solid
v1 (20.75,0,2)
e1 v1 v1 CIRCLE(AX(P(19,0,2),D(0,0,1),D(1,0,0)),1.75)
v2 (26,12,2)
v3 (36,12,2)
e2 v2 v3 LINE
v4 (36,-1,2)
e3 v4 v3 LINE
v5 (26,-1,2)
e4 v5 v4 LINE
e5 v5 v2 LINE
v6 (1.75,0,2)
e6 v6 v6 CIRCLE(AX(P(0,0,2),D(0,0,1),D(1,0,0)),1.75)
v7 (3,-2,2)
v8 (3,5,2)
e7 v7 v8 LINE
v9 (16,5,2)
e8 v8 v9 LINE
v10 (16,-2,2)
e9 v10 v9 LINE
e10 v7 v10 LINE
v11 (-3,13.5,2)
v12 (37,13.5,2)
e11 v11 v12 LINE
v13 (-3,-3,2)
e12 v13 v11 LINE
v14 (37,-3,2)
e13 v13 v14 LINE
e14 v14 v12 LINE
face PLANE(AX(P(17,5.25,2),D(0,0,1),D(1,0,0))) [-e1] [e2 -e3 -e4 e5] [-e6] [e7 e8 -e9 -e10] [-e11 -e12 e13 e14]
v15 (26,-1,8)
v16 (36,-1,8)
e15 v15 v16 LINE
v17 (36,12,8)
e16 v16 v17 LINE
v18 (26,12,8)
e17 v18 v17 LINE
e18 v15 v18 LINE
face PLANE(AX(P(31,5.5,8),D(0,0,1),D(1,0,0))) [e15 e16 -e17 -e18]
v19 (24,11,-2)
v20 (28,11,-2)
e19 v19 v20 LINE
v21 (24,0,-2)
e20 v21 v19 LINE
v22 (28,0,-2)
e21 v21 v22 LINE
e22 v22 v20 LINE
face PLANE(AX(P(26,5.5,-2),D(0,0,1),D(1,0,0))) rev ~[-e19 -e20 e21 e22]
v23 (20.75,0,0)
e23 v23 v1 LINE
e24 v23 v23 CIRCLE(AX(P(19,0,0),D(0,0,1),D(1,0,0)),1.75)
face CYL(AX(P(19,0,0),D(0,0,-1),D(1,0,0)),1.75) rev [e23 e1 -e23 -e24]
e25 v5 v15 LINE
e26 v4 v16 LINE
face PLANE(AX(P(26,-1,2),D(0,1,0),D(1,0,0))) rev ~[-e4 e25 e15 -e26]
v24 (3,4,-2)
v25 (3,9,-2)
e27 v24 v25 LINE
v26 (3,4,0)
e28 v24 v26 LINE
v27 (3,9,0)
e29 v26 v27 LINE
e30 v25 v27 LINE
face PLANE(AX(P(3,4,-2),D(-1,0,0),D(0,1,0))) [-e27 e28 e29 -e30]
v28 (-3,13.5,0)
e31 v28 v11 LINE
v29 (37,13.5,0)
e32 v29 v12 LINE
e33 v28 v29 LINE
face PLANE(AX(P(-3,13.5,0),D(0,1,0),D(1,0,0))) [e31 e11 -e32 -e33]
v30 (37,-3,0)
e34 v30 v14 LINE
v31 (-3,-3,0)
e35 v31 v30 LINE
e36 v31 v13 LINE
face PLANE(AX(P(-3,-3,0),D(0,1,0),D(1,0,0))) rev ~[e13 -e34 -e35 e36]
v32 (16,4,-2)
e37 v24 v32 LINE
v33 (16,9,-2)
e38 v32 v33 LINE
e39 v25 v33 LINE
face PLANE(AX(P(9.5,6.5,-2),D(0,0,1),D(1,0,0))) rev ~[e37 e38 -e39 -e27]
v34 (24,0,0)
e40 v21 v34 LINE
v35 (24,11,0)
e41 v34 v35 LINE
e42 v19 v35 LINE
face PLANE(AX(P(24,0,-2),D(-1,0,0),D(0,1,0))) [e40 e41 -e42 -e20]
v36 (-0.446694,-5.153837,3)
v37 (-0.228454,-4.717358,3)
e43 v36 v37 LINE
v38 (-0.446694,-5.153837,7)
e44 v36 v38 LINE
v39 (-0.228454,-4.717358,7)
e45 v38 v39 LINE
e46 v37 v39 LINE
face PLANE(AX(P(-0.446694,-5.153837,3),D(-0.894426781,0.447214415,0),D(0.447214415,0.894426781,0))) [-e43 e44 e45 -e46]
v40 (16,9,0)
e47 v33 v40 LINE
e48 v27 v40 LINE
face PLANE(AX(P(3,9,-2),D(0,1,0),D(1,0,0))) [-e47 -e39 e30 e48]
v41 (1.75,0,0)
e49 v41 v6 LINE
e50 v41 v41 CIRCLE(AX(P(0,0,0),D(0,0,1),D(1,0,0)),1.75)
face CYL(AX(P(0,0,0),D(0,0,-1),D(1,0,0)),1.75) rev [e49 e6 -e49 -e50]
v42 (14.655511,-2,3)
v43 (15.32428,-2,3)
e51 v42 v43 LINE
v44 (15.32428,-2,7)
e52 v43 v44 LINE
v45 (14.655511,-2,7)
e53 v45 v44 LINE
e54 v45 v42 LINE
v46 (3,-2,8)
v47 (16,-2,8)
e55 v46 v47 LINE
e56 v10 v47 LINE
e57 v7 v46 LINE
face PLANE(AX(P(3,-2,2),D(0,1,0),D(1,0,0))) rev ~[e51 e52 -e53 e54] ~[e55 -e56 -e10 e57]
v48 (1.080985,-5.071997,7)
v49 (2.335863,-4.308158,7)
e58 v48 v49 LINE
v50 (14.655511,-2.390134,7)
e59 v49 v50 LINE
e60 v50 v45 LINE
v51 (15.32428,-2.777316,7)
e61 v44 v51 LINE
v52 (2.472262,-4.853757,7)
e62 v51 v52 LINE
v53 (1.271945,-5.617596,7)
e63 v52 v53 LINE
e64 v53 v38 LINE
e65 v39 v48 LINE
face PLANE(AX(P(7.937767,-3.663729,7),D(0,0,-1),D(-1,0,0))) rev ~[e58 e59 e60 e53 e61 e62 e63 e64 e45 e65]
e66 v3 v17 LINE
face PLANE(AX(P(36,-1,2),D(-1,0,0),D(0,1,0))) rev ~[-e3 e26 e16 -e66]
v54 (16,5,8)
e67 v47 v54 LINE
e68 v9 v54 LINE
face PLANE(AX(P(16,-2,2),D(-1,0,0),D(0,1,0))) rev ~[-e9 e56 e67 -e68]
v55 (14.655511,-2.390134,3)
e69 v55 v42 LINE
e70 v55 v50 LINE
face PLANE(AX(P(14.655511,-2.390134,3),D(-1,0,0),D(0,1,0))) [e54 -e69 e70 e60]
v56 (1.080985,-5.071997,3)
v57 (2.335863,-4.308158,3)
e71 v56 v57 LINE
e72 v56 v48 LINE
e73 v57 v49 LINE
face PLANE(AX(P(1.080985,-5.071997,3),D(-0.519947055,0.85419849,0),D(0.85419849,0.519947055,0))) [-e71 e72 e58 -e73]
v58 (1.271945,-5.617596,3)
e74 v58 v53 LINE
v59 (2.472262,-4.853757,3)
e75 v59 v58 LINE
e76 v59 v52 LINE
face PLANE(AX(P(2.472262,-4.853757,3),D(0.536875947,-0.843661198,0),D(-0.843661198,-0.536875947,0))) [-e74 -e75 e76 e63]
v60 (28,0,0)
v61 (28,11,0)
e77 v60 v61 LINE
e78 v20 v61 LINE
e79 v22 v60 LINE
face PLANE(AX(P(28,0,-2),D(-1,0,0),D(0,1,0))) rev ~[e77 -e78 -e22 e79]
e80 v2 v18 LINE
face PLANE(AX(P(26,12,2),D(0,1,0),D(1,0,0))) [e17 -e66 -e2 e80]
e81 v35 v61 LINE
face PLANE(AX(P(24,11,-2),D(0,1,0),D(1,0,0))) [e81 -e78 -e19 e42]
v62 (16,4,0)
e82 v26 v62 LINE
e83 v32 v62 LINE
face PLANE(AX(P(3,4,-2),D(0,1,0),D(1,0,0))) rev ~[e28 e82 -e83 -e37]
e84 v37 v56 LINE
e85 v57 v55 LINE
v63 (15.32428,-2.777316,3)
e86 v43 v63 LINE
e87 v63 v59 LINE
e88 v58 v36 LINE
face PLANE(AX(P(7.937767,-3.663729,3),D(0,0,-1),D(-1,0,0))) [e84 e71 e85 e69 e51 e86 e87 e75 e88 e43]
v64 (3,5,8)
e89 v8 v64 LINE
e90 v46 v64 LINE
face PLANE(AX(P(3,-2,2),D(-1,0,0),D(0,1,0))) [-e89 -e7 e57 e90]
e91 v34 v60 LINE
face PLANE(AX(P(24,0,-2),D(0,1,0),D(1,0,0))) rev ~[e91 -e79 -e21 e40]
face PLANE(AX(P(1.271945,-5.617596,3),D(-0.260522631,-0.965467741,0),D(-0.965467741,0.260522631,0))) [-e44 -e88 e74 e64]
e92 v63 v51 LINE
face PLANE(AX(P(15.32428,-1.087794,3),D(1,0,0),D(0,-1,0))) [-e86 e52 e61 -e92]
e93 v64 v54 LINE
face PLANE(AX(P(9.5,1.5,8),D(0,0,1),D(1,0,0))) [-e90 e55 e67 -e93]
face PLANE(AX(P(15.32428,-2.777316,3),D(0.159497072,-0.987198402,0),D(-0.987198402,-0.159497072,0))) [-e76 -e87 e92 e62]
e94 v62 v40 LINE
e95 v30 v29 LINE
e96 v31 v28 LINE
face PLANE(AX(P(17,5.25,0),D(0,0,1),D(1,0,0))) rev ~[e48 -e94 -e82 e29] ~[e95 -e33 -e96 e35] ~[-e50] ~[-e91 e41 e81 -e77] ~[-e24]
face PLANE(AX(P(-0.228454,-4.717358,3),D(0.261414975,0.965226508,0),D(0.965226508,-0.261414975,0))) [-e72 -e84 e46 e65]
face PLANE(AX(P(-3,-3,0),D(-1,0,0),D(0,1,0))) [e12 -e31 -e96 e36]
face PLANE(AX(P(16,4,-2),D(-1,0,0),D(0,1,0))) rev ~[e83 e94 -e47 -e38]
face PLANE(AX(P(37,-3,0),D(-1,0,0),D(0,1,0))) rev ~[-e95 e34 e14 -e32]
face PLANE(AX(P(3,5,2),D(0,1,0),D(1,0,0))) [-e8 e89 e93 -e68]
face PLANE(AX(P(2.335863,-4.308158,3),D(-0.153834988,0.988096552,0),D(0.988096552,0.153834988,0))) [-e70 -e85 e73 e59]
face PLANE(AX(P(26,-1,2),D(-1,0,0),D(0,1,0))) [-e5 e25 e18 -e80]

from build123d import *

# Parameters (mm, degrees)
BOX004_W     = 4
BOX004_H     = 11
BOX004_DEPTH = 2
BOX002_W     = 10
BOX002_H     = 13
BOX002_DEPTH = 6
BOX001_W     = 13
BOX001_H     = 7
BOX001_DEPTH = 6
PAD003_DEPTH = 4
SKETCH002_W  = 40
SKETCH002_H  = 16.5
SKETCH002_R  = 1.75
PAD002_DEPTH = 2
BOX003_W     = 13
BOX003_H     = 5
BOX003_DEPTH = 2


with BuildPart() as cube004:
    # Box004 → Box004 (new body)
    with BuildSketch(Plane(origin=(24, 0, -2), x_dir=(1, 0, 0), z_dir=(0, 0, 1))):
        with Locations((2, 5.5)):
            Rectangle(BOX004_W, BOX004_H)
    extrude(amount=BOX004_DEPTH)


with BuildPart() as cube002:
    # Box002 → Box002 (new body)
    with BuildSketch(Plane(origin=(26, -1, 2), x_dir=(1, 0, 0), z_dir=(0, 0, 1))):
        with Locations((5, 6.5)):
            Rectangle(BOX002_W, BOX002_H)
    extrude(amount=BOX002_DEPTH)


with BuildPart() as cube001:
    # Box001 → Box001 (new body)
    with BuildSketch(Plane(origin=(3, -2, 2), x_dir=(1, 0, 0), z_dir=(0, 0, 1))):
        with Locations((6.5, 3.5)):
            Rectangle(BOX001_W, BOX001_H)
    extrude(amount=BOX001_DEPTH)


with BuildPart() as fusion005:
    # Sketch003 → Pad003 (new body)
    with BuildSketch(Plane.XY.offset(3)):
        Polygon((15.32428, -1.087794), (15.32428, -2.777316), (2.472262, -4.853757), (1.271945, -5.617596), (-0.446694, -5.153837), (-0.228454, -4.717358), (1.080985, -5.071997), (2.335863, -4.308158), (14.655511, -2.390134), (14.655511, -1.087794), align=None)
    extrude(amount=PAD003_DEPTH)

    # Fusion005: union Cube001
    add(cube001.part)


with BuildPart() as pad002:
    # Sketch002 → Pad002 (new body)
    with BuildSketch(Plane.XY):
        with Locations((17, 5.25)):
            Rectangle(SKETCH002_W, SKETCH002_H)
        Circle(SKETCH002_R, mode=Mode.SUBTRACT)
        with Locations((19, 0)):
            Circle(SKETCH002_R, mode=Mode.SUBTRACT)
    extrude(amount=PAD002_DEPTH)


with BuildPart() as endstop:
    # Box003 → Box003 (new body)
    with BuildSketch(Plane(origin=(3, 4, -2), x_dir=(1, 0, 0), z_dir=(0, 0, 1))):
        with Locations((6.5, 2.5)):
            Rectangle(BOX003_W, BOX003_H)
    extrude(amount=BOX003_DEPTH)

    # Fusion006: union Cube004, Cube002, Fusion005, Pad002
    add(cube004.part)
    add(cube002.part)
    add(fusion005.part)
    add(pad002.part)


solid = endstop.part
